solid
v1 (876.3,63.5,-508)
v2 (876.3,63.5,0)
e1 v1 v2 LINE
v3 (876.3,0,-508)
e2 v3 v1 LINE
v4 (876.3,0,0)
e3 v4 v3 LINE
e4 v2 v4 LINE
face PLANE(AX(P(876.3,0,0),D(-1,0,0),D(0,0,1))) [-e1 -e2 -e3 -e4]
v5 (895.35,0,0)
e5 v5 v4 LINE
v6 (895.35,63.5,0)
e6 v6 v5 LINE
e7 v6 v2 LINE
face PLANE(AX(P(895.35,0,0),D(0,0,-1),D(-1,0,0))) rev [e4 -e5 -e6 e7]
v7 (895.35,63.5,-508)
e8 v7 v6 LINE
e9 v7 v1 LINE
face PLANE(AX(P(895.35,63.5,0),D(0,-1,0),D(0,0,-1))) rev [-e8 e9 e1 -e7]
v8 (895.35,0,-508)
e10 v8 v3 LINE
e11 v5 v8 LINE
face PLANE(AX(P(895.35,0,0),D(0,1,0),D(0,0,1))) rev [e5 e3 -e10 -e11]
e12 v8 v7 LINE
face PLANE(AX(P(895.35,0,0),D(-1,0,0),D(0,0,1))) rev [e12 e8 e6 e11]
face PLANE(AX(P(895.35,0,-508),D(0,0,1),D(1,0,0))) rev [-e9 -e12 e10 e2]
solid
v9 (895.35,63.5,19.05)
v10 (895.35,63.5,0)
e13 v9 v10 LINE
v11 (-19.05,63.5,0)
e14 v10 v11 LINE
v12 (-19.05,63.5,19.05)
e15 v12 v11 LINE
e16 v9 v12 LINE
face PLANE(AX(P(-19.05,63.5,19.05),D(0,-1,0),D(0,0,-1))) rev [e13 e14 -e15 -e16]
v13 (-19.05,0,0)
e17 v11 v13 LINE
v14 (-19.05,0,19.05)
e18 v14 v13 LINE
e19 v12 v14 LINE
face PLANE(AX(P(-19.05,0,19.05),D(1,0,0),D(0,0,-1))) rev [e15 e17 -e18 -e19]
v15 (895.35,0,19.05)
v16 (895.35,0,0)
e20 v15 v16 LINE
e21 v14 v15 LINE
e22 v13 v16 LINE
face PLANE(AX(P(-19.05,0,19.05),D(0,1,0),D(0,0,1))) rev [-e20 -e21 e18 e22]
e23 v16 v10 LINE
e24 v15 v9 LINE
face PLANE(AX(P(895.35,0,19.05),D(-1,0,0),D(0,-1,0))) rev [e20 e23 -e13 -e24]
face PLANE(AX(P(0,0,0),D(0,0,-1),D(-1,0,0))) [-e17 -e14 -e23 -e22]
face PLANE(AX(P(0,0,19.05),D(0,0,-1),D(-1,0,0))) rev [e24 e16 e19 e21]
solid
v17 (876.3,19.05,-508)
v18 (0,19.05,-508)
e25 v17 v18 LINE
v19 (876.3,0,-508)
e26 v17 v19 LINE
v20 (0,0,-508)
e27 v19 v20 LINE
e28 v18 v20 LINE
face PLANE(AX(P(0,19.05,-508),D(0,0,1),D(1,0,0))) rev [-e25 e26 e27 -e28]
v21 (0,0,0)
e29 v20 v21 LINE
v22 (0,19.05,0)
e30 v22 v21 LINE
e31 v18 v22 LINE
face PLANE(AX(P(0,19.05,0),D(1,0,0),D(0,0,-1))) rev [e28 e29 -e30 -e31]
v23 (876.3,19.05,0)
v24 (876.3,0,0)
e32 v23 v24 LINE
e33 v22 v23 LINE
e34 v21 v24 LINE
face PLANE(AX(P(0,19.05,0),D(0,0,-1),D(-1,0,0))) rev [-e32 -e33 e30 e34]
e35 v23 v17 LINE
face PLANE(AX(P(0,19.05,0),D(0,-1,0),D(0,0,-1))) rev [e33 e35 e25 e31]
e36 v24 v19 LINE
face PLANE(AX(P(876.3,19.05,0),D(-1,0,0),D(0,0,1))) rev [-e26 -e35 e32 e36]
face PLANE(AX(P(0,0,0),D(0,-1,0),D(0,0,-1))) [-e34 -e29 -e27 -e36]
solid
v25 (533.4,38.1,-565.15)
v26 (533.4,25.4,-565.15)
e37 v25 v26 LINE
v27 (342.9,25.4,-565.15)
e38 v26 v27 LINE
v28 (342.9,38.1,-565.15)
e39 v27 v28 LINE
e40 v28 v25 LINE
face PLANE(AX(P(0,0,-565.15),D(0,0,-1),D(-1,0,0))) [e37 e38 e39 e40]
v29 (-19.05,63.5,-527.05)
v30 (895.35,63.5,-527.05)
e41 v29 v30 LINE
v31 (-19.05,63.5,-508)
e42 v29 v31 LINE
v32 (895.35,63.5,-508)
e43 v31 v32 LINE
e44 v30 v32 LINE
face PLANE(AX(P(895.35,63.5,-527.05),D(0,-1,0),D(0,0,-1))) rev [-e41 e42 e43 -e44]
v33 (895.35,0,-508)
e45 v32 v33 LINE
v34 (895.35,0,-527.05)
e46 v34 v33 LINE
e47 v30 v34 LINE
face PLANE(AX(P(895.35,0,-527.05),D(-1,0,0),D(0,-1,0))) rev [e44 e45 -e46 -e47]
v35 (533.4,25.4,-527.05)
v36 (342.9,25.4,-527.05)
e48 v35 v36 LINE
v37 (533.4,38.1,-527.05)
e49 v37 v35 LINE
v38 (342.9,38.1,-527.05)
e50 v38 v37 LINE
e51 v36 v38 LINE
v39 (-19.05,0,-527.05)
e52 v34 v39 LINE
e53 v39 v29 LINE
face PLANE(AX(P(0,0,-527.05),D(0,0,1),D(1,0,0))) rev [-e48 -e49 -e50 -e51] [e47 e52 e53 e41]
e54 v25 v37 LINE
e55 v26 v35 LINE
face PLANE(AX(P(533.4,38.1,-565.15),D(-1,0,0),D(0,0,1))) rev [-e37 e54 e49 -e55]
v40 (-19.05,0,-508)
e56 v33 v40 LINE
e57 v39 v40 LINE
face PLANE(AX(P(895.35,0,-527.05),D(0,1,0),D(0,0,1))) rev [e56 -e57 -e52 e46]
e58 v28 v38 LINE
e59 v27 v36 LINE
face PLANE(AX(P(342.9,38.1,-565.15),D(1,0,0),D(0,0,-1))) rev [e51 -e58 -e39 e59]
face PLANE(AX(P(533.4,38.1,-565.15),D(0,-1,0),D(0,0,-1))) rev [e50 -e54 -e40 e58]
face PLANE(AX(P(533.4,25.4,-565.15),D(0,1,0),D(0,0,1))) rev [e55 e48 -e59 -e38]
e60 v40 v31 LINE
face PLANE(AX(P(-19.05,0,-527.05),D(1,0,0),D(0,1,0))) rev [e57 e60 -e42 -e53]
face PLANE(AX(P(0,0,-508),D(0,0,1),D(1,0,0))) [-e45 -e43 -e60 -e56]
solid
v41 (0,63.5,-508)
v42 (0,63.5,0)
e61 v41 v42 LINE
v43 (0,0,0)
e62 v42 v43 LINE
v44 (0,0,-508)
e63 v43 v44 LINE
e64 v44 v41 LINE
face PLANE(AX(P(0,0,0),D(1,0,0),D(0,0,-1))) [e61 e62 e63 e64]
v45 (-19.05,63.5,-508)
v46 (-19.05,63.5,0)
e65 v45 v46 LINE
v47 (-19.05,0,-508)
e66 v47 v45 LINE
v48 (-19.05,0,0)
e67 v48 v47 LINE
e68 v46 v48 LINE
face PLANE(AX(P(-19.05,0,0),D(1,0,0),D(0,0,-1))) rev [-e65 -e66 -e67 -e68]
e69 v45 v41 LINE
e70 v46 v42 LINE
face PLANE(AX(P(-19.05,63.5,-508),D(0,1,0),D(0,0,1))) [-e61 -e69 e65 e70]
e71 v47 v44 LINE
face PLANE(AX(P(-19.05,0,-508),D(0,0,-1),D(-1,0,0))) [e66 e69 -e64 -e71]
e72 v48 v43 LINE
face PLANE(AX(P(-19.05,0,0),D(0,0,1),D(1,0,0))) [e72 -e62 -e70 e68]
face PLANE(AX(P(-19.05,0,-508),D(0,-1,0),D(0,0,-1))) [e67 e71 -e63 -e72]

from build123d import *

# Parameters (mm, degrees)
SKETCH1_W           = 876.3
SKETCH1_H           = 508
BOSS_EXTRUDE1_DEPTH = 19.05
SKETCH2_W           = 914.4
SKETCH2_H           = 63.5
BOSS_EXTRUDE2_DEPTH = 19.05
SKETCH4_W           = 914.4
SKETCH4_H           = 63.5
BOSS_EXTRUDE3_DEPTH = 19.05
SKETCH5_W           = 508
SKETCH5_H           = 63.5
BOSS_EXTRUDE4_DEPTH = 19.05
SKETCH6_W           = 508
SKETCH6_H           = 63.5
BOSS_EXTRUDE5_DEPTH = 19.05
SKETCH7_W           = 190.5
SKETCH7_H           = 12.7
BOSS_EXTRUDE6_DEPTH = 38.1


with BuildPart() as part:
    # Sketch1 → Boss-Extrude1 (new body)
    with BuildSketch(Plane(origin=(0, 0, 0), x_dir=(1, 0, 0), z_dir=(0, 1, 0))):
        with Locations((438.15, 254)):
            Rectangle(SKETCH1_W, SKETCH1_H)
    extrude(amount=BOSS_EXTRUDE1_DEPTH)


with BuildPart() as body_2:
    # Sketch2 → Boss-Extrude2 (new body)
    with BuildSketch(Plane.XY):
        with Locations((438.15, 31.75)):
            Rectangle(SKETCH2_W, SKETCH2_H)
    extrude(amount=BOSS_EXTRUDE2_DEPTH)


with BuildPart() as body_3:
    # Sketch4 → Boss-Extrude3 (new body)
    with BuildSketch(Plane(origin=(0, 0, -508), x_dir=(-1, 0, 0), z_dir=(0, 0, -1))):
        with Locations((-438.15, 31.75)):
            Rectangle(SKETCH4_W, SKETCH4_H)
    extrude(amount=BOSS_EXTRUDE3_DEPTH)

    # Sketch7 → Boss-Extrude6 (add)
    with BuildSketch(Plane(origin=(0, 0, -527.05), x_dir=(-1, 0, 0), z_dir=(0, 0, -1))):
        with Locations((-438.15, 31.75)):
            Rectangle(SKETCH7_W, SKETCH7_H)
    extrude(amount=BOSS_EXTRUDE6_DEPTH)


with BuildPart() as body_4:
    # Sketch5 → Boss-Extrude4 (new body)
    with BuildSketch(Plane(origin=(0, 0, 0), x_dir=(0, 0, -1), z_dir=(1, 0, 0))):
        with Locations((254, 31.75)):
            Rectangle(SKETCH5_W, SKETCH5_H)
    extrude(amount=-BOSS_EXTRUDE4_DEPTH)


with BuildPart() as body_5:
    # Sketch6 → Boss-Extrude5 (new body)
    with BuildSketch(Plane(origin=(876.3, 0, 0), x_dir=(0, 0, -1), z_dir=(1, 0, 0))):
        with Locations((254, 31.75)):
            Rectangle(SKETCH6_W, SKETCH6_H)
    extrude(amount=BOSS_EXTRUDE5_DEPTH)


solid = Compound([part.part, body_2.part, body_3.part, body_4.part, body_5.part])
